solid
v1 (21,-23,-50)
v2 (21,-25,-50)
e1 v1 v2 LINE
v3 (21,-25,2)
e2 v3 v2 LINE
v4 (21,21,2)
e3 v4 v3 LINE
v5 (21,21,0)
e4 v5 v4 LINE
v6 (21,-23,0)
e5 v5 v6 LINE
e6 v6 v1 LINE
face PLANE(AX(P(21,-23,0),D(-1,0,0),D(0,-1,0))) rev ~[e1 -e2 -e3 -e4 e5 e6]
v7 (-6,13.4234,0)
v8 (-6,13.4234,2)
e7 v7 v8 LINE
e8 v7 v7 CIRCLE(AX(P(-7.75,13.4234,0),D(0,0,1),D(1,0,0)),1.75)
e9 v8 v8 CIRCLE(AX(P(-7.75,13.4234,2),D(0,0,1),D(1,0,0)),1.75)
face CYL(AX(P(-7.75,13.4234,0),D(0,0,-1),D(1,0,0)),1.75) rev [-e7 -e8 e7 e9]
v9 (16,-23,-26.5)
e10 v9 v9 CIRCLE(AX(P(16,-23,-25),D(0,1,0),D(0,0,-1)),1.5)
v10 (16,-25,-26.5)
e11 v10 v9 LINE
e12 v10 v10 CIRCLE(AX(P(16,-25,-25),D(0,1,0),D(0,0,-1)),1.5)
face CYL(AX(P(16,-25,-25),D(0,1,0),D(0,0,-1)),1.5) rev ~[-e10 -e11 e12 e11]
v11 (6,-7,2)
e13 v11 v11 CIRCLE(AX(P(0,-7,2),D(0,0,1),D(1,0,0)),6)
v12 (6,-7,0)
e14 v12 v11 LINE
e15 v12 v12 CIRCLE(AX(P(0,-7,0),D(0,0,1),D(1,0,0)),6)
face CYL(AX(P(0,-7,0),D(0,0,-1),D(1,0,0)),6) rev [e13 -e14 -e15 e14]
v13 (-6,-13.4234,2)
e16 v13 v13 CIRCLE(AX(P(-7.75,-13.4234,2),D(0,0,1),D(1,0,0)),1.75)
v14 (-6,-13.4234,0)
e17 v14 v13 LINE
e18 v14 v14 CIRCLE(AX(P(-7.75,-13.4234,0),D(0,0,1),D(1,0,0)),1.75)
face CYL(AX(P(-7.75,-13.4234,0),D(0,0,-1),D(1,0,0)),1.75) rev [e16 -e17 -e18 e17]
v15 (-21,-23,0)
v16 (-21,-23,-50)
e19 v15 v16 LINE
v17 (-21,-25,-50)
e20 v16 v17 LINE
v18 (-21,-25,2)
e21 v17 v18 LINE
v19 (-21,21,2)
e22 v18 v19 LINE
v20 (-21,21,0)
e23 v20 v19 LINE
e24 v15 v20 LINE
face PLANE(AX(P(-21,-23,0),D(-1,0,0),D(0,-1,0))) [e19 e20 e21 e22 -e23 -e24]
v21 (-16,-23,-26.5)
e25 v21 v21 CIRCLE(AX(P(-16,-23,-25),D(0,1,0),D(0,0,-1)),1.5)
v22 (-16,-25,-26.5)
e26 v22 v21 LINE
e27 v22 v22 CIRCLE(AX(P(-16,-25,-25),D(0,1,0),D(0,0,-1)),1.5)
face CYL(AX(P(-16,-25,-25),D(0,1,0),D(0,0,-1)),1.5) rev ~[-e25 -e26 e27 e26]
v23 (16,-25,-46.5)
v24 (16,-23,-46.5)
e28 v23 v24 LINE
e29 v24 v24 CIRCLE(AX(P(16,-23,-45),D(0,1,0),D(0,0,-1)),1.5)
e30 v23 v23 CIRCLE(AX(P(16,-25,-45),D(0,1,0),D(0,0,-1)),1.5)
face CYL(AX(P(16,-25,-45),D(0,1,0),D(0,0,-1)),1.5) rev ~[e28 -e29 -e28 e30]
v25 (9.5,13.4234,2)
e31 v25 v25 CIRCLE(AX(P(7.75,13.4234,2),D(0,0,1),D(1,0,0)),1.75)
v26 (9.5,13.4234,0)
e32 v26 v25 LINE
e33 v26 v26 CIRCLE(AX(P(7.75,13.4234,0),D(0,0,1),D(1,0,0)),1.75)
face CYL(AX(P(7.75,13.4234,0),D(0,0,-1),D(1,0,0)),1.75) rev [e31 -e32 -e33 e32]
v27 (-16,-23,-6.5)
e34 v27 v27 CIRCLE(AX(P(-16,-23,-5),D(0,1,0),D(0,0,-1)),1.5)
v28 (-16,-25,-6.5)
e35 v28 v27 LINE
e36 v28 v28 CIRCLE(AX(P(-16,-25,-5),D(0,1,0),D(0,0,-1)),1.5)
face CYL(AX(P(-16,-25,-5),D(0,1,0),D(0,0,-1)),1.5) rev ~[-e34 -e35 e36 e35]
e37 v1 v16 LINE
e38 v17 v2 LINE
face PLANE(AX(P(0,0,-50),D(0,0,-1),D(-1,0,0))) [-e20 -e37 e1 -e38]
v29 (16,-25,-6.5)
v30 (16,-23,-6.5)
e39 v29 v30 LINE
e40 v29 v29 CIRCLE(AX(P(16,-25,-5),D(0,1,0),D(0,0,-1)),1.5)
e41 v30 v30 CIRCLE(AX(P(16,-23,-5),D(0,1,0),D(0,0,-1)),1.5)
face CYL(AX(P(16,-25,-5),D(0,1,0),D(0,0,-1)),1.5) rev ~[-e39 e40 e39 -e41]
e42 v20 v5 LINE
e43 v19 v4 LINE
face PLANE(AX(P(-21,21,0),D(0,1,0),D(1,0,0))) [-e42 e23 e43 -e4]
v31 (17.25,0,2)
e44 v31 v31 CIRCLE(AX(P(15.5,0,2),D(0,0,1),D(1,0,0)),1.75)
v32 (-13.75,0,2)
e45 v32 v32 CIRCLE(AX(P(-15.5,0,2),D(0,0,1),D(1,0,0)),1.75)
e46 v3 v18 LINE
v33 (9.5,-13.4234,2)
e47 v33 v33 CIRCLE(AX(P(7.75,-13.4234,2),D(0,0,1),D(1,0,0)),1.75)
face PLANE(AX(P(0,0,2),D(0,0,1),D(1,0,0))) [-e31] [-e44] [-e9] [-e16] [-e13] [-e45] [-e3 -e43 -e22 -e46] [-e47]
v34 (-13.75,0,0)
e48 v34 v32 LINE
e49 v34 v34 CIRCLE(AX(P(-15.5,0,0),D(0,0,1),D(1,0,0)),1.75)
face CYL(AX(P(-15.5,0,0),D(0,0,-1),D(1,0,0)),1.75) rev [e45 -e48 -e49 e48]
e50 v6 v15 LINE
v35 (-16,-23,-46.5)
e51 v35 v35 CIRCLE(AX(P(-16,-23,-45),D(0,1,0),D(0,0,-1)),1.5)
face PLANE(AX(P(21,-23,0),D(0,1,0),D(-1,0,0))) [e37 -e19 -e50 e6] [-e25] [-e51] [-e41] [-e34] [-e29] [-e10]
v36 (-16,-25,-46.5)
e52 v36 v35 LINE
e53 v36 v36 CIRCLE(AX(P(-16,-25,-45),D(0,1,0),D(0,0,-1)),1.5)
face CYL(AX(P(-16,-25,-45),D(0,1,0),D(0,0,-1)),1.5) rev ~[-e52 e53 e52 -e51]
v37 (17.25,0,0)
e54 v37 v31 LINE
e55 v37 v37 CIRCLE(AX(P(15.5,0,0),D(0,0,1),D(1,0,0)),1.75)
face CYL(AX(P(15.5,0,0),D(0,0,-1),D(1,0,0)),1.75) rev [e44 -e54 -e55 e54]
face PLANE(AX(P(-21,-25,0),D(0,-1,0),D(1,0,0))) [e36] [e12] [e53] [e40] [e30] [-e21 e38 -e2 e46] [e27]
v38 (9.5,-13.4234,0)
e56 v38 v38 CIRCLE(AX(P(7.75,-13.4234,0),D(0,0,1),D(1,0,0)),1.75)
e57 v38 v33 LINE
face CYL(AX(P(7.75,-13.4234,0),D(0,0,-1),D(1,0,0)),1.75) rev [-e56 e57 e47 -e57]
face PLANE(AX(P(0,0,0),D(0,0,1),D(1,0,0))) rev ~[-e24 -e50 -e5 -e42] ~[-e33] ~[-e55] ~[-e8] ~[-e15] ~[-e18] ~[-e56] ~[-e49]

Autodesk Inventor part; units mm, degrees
ref_plane "YZ Plane" through (0, 0, 0) normal (1, 0, 0) x (0, 1, 0)
ref_plane "XZ Plane" through (0, 0, 0) normal (0, 1, 0) x (-1, 0, 0)
ref_plane "XY Plane" through (0, 0, 0) normal (0, 0, 1) x (1, 0, 0)
sketch "Esquisse1" plane through (0, 0, 0) normal (0, 0, 1) x (1, 0, 0)
  circle A0 centre (0, 0) radius 18.4
  circle A1 centre (0, -7) radius 6
  circle A2 centre (15.5, 0) radius 1.25
  circle A3 centre (7.75, -13.4234) radius 1.25
  circle A4 centre (-7.75, -13.4234) radius 1.25
  circle A5 centre (-15.5, 0) radius 1.25
  circle A6 centre (-7.75, 13.4234) radius 1.25
  circle A7 centre (7.75, 13.4234) radius 1.25
  circle A8 centre (0, 15.5) radius 1.9
  circle A9 centre (-13.4234, -7.75) radius 1.9
  circle A10 centre (13.4234, -7.75) radius 1.9
  arc A11 (9.2253, -8.2857) -> (-9.2253, -8.2857) centre (0, 0) ccw
  spline S0 degree 3 poles (9.2254, -8.2857) (9.1718, -8.3454) (9.1113, -8.4012) (8.9929, -8.4831) (8.9346, -8.5143) (8.8333, -8.5456) (8.791, -8.5527) (8.7144, -8.5502) (8.6808, -8.5434) (8.6178, -8.5166) (8.59, -8.4975) (8.5381, -8.4462) (8.5162, -8.4136) (8.4741, -8.3274) (8.4589, -8.2705) (8.4364, -8.1241) (8.4381, -8.0284) (8.4482, -7.9376) knots -0.133179 -0.133179 -0.133179 -0.133179 -0.109147 -0.109147 -0.089905 -0.089905 -0.077133 -0.077133 -0.066705 -0.066705 -0.05641 -0.05641 -0.044636 -0.044636 -0.027428 -0.027428 0 0 0 0
  arc A12 (8.4481, -7.9376) -> (-8.4481, -7.9376) centre (0, -7) ccw
  spline S1 degree 3 poles (-8.4482, -7.9376) (-8.4382, -8.0273) (-8.4365, -8.1217) (-8.4582, -8.2676) (-8.4733, -8.3251) (-8.5152, -8.412) (-8.537, -8.4449) (-8.5887, -8.4966) (-8.6164, -8.5158) (-8.6792, -8.543) (-8.7127, -8.5499) (-8.7891, -8.5529) (-8.8312, -8.546) (-8.932, -8.5155) (-8.99, -8.4848) (-9.1093, -8.403) (-9.1709, -8.3463) (-9.2254, -8.2857) knots -0.133396 -0.133396 -0.133396 -0.133396 -0.106249 -0.106249 -0.088887 -0.088887 -0.077046 -0.077046 -0.066737 -0.066737 -0.056304 -0.056304 -0.043575 -0.043575 -0.024448 -0.024448 0 0 0 0
  line L0 (-21, 21) -> (21, 21)
  line L1 (21, 21) -> (21, -25)
  line L2 (21, -25) -> (-21, -25)
  line L3 (-21, -25) -> (-21, 21)
  circle A13 centre (-7.75, 13.4234) radius 1.75
  circle A14 centre (-15.5, 0) radius 1.75
  circle A15 centre (7.75, 13.4234) radius 1.75
  circle A16 centre (15.5, 0) radius 1.75
  circle A17 centre (-7.75, -13.4234) radius 1.75
  circle A18 centre (7.75, -13.4234) radius 1.75
  circle A19 centre (-7.75, 13.4234) radius 1.75
  circle A20 centre (7.75, 13.4234) radius 1.75
  circle A21 centre (15.5, 0) radius 1.75
  circle A22 centre (7.75, -13.4234) radius 1.75
  circle A23 centre (-7.75, -13.4234) radius 1.75
  circle A24 centre (-15.5, 0) radius 1.75
  circle A25 centre (0, -7) radius 6
extrude "Extrusion1" add sketch "Esquisse1" along normal blind 2 contours A0 | A8 | A9 | A10 | S0 A12 S1 A11 | L0 L1 L2 L3
sketch "Esquisse2" plane through (0, 0, 0) normal (0, 0, -1) x (-1, 0, 0)
  line L0 (-21, 21) -> (-21, -25) projected
  line L1 (21, -25) -> (-21, -25)
  line L2 (-21, -25) -> (-21, -23)
  line L3 (-21, -23) -> (21, -23)
  line L4 (21, -23) -> (21, -25)
  point P0 (0, 0)
  dimension "d7" = 2
extrude "Extrusion2" add sketch "Esquisse2" along normal blind 50
sketch "Esquisse3" plane through (-21, -25, 2) normal (0, -1, 0) x (1, 0, 0)
  line L0 (0, 0) -> (0, -52) projected
  line L1 (42, -52) -> (0, -52) projected
  point P0 (21, -2)
  point P1 (5, -47)
  point P2 (5, -27)
  point P3 (5, -7)
  point P4 (37, -47)
  point P5 (37, -27)
  point P6 (37, -7)
  dimension "d10" = 5
  dimension "d11" = 5
  dimension "d12" = 52
  dimension "d15" = 20
  dimension "d18" = 32
hole "Perçage1" at (-16, -25, -45) at (-16, -25, -25) at (-16, -25, -5) at (16, -25, -45) at (16, -25, -25) at (16, -25, -5) direction (0, 1, 0) diameter 3 end through all
properties part number "support_moteur"
